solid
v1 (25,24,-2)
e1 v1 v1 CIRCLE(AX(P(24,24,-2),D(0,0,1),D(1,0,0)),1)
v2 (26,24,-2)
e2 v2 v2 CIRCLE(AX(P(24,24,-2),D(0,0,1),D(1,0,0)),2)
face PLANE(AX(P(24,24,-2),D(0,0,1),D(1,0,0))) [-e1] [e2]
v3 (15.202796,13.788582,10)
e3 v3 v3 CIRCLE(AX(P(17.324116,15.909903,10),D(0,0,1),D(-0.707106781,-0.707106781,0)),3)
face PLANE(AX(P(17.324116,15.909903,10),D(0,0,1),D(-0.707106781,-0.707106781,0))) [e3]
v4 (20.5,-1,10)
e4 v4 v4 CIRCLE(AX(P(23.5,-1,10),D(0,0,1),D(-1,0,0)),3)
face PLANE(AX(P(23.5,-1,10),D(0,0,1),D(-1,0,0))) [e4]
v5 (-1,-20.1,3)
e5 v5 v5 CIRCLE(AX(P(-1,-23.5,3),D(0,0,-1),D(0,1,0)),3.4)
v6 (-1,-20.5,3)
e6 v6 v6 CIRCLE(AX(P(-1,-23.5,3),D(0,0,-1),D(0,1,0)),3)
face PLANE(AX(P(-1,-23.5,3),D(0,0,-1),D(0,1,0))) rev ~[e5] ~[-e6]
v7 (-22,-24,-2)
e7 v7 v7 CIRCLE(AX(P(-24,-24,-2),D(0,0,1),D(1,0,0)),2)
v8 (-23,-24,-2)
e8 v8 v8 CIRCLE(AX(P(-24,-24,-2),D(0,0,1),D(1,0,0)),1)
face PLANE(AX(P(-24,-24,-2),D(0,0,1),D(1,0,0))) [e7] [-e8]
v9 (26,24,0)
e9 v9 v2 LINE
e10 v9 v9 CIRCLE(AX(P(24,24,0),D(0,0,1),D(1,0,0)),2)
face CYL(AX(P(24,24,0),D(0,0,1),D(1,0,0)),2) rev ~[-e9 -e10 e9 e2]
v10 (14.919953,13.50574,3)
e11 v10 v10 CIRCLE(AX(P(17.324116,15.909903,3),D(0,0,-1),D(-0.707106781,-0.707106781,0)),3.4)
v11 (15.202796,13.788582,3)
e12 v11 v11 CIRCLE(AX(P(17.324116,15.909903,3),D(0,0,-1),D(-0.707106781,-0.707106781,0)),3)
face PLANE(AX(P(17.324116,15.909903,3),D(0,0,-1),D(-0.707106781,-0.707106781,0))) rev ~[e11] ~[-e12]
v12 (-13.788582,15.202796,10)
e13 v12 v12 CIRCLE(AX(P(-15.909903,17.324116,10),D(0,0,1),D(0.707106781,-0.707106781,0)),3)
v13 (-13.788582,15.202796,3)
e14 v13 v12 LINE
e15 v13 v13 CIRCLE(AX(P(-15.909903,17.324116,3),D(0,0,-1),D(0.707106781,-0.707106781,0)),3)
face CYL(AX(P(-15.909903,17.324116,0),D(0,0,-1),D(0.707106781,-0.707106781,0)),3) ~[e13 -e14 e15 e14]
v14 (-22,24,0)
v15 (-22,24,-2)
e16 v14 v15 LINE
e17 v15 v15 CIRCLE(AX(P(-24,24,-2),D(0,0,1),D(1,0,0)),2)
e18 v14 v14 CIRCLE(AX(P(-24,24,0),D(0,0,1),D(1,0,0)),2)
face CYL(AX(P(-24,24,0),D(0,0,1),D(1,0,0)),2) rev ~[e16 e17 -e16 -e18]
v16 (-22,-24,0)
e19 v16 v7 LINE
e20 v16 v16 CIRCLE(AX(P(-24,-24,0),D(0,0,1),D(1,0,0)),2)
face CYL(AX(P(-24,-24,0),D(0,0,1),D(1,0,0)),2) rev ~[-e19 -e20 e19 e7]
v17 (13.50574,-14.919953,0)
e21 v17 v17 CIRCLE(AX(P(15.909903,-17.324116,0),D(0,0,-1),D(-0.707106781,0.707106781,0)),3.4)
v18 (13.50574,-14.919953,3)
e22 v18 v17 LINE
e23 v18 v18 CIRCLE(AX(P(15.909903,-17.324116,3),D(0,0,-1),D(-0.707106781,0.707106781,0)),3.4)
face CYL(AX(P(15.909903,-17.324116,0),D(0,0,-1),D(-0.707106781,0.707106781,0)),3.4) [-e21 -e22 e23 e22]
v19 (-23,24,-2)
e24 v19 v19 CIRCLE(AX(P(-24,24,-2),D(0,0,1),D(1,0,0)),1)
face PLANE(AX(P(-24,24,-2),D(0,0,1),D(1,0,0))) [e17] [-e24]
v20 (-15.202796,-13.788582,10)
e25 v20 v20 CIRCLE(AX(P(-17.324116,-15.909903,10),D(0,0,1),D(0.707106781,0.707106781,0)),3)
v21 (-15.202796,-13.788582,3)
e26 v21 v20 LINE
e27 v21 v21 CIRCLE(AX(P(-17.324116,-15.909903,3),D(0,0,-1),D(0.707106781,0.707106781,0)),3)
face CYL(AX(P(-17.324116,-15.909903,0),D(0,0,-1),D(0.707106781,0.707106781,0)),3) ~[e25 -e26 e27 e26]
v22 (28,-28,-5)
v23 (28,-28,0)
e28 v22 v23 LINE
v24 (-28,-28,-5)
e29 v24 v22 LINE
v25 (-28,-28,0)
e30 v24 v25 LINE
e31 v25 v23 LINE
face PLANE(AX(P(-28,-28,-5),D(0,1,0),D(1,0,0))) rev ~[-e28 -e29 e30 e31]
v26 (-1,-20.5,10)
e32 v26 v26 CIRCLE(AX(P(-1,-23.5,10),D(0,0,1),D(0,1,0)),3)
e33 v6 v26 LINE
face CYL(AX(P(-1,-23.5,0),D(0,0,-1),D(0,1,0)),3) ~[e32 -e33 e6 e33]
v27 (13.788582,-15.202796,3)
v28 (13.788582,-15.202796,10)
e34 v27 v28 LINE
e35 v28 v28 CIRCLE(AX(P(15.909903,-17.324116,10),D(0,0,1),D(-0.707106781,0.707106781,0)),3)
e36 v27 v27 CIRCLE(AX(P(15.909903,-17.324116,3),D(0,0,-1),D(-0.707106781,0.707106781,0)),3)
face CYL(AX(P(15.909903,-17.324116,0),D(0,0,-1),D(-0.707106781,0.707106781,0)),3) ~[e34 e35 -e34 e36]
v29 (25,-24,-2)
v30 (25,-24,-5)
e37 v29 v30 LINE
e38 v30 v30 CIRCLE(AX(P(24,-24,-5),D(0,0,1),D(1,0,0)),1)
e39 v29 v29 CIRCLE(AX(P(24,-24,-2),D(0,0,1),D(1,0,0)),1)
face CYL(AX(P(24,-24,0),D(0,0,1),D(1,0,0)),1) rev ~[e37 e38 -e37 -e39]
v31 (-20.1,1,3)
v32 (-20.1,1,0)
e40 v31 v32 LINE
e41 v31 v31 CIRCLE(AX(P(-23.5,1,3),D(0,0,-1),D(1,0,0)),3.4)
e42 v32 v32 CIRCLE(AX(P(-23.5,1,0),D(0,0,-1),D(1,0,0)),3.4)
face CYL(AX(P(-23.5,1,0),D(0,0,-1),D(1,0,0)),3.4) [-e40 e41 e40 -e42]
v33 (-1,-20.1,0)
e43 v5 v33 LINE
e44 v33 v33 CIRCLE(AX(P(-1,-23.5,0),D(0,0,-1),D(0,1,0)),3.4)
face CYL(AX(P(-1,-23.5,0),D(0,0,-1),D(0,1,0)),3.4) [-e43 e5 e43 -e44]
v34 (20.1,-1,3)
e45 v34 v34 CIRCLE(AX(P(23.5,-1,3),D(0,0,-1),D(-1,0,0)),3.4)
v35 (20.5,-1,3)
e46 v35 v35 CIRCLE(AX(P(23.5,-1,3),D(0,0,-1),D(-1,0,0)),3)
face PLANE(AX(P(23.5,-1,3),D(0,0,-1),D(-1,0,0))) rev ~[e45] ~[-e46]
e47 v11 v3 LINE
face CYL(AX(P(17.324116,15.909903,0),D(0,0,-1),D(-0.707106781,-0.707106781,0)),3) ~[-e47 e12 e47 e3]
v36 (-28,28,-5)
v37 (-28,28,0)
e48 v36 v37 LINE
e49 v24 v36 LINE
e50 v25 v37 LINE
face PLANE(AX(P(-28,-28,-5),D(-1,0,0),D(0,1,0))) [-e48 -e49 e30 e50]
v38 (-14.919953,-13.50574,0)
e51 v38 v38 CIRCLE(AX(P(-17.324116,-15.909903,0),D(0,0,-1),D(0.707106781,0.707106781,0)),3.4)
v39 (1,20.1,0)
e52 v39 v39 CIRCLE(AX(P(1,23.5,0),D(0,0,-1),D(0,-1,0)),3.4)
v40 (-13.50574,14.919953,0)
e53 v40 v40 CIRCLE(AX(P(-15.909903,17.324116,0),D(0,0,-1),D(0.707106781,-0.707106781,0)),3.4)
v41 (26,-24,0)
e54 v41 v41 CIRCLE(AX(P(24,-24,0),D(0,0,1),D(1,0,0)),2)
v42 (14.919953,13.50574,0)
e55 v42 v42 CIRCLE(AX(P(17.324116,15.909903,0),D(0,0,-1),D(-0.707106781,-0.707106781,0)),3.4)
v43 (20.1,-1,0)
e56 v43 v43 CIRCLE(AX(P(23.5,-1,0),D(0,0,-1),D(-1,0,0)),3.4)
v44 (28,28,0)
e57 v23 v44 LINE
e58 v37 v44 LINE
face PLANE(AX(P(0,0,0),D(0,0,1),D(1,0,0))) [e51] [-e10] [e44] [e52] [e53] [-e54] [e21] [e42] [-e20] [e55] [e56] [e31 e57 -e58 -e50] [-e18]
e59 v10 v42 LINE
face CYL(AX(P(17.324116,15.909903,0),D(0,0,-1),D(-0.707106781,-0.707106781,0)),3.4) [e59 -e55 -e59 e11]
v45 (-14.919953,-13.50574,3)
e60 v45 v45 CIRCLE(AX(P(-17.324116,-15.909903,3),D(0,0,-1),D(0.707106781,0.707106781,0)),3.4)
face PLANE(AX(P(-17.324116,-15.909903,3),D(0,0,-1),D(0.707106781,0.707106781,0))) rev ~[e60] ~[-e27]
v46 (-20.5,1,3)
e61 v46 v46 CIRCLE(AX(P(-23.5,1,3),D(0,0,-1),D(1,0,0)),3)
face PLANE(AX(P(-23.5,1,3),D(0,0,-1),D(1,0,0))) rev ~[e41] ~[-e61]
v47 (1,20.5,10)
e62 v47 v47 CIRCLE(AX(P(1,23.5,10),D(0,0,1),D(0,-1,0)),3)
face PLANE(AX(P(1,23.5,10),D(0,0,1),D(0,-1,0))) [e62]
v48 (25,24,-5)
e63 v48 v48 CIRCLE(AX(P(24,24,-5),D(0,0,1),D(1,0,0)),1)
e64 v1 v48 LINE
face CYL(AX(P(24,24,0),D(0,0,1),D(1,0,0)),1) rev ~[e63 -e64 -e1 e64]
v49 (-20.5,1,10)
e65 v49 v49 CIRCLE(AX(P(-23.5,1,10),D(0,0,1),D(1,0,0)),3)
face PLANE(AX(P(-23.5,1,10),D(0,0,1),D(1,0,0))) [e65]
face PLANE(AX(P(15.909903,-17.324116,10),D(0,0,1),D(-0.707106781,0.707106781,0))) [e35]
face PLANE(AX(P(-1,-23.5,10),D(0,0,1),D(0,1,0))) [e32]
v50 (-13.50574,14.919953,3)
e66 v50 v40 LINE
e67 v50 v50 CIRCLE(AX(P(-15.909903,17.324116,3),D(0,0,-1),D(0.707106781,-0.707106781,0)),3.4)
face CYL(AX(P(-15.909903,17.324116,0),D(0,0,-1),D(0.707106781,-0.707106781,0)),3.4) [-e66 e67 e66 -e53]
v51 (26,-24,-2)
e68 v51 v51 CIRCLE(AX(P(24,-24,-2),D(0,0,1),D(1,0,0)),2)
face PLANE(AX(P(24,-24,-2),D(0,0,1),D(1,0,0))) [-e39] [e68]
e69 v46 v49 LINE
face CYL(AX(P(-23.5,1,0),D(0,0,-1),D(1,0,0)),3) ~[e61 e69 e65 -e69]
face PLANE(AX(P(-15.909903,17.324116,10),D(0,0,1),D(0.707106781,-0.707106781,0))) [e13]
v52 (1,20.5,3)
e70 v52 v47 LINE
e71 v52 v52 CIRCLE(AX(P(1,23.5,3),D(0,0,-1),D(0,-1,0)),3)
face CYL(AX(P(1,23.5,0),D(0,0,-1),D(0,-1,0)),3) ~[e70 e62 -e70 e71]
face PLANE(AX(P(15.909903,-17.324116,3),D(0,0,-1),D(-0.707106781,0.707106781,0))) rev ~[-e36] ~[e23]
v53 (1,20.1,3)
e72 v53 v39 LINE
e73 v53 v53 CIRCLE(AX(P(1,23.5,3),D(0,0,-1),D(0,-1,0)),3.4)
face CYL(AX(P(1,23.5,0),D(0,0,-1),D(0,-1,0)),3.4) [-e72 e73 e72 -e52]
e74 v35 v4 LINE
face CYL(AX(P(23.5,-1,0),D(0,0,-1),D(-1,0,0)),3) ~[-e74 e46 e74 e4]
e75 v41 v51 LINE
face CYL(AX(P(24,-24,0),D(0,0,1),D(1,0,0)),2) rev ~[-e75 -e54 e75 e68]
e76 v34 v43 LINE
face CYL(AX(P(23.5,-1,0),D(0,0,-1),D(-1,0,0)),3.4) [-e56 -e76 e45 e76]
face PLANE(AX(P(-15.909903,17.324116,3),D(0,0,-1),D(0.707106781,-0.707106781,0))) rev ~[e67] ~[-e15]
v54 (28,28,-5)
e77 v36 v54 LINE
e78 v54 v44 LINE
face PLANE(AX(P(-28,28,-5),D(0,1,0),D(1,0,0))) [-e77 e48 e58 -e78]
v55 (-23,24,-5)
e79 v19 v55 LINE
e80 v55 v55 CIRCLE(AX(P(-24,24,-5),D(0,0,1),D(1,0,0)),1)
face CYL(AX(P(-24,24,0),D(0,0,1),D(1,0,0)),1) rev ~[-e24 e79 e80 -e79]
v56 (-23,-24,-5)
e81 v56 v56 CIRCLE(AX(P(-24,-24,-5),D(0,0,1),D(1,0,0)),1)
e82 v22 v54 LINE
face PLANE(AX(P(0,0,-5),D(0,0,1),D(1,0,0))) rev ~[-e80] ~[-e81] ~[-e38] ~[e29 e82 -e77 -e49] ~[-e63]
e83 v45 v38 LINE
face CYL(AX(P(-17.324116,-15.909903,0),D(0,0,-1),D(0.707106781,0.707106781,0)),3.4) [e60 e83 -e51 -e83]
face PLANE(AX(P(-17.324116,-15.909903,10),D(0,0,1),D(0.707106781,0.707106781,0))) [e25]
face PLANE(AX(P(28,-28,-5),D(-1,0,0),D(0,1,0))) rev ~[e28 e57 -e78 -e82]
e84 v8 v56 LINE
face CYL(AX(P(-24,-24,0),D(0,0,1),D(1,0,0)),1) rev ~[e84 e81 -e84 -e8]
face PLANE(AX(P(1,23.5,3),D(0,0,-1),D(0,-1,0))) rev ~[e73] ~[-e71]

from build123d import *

# Parameters (mm, degrees)
CYLINDER001_R     = 3
CYLINDER001_DEPTH = 10
SKETCH001_R       = 3.4
PAD_DEPTH         = 3
ARRAY001_COUNT    = 8
BOX001_W          = 56
BOX001_H          = 56
BOX001_DEPTH      = 5
SKETCH002_R       = 2
POCKET001_DEPTH   = 2
SKETCH004_R       = 1
POCKET002_DEPTH   = 5.001
SKETCH005_R       = 1
POCKET003_DEPTH   = 5.001


with BuildPart() as array001:
    # Cylinder001 → Cylinder001 (new body)
    with BuildSketch(Plane(origin=(-23.5, 1, 0), x_dir=(1, 0, 0), z_dir=(0, 0, 1))):
        Circle(CYLINDER001_R)
    extrude(amount=CYLINDER001_DEPTH)

    # Sketch001 → Pad (new body, symmetric)
    with BuildSketch(Plane(origin=(-23.5, 1, 0), x_dir=(1, 0, 0), z_dir=(0, 0, -1))):
        Circle(SKETCH001_R)
    extrude(amount=PAD_DEPTH, both=True)

    # Array001: Array001 ×8 about axis
    array001_axis = Axis((0, 0, 0), (0, 0, 1))


with BuildPart() as array001_1:
    add(array001.part)
    for i in range(1, ARRAY001_COUNT):
        add(array001.part.rotate(array001_axis, i * 360 / ARRAY001_COUNT))


with BuildPart() as pocket003:
    # Box001 → Box001 (new body)
    with BuildSketch(Plane(origin=(-28, -28, -5), x_dir=(1, 0, 0), z_dir=(0, 0, 1))):
        with Locations((28, 28)):
            Rectangle(BOX001_W, BOX001_H)
    extrude(amount=BOX001_DEPTH)

    # Fusion: union Array001
    add(array001_1.part)

    # Sketch002 → Pocket001 (cut)
    with BuildSketch(Plane.XY):
        with Locations((-24, 24)):
            Circle(SKETCH002_R)
        with Locations((24, 24)):
            Circle(SKETCH002_R)
        with Locations((24, -24)):
            Circle(SKETCH002_R)
        with Locations((-24, -24)):
            Circle(SKETCH002_R)
    extrude(amount=-POCKET001_DEPTH, mode=Mode.SUBTRACT)

    # Sketch004 → Pocket002 (cut, through all)
    with BuildSketch(Plane.XY):
        with Locations((-24, 24)):
            Circle(SKETCH004_R)
        with Locations((24, 24)):
            Circle(SKETCH004_R)
        with Locations((-24, -24)):
            Circle(SKETCH004_R)
    extrude(amount=-POCKET002_DEPTH, mode=Mode.SUBTRACT)

    # Sketch005 → Pocket003 (cut, through all)
    with BuildSketch(Plane.XY):
        with Locations((24, -24)):
            Circle(SKETCH005_R)
    extrude(amount=-POCKET003_DEPTH, mode=Mode.SUBTRACT)


solid = pocket003.part
